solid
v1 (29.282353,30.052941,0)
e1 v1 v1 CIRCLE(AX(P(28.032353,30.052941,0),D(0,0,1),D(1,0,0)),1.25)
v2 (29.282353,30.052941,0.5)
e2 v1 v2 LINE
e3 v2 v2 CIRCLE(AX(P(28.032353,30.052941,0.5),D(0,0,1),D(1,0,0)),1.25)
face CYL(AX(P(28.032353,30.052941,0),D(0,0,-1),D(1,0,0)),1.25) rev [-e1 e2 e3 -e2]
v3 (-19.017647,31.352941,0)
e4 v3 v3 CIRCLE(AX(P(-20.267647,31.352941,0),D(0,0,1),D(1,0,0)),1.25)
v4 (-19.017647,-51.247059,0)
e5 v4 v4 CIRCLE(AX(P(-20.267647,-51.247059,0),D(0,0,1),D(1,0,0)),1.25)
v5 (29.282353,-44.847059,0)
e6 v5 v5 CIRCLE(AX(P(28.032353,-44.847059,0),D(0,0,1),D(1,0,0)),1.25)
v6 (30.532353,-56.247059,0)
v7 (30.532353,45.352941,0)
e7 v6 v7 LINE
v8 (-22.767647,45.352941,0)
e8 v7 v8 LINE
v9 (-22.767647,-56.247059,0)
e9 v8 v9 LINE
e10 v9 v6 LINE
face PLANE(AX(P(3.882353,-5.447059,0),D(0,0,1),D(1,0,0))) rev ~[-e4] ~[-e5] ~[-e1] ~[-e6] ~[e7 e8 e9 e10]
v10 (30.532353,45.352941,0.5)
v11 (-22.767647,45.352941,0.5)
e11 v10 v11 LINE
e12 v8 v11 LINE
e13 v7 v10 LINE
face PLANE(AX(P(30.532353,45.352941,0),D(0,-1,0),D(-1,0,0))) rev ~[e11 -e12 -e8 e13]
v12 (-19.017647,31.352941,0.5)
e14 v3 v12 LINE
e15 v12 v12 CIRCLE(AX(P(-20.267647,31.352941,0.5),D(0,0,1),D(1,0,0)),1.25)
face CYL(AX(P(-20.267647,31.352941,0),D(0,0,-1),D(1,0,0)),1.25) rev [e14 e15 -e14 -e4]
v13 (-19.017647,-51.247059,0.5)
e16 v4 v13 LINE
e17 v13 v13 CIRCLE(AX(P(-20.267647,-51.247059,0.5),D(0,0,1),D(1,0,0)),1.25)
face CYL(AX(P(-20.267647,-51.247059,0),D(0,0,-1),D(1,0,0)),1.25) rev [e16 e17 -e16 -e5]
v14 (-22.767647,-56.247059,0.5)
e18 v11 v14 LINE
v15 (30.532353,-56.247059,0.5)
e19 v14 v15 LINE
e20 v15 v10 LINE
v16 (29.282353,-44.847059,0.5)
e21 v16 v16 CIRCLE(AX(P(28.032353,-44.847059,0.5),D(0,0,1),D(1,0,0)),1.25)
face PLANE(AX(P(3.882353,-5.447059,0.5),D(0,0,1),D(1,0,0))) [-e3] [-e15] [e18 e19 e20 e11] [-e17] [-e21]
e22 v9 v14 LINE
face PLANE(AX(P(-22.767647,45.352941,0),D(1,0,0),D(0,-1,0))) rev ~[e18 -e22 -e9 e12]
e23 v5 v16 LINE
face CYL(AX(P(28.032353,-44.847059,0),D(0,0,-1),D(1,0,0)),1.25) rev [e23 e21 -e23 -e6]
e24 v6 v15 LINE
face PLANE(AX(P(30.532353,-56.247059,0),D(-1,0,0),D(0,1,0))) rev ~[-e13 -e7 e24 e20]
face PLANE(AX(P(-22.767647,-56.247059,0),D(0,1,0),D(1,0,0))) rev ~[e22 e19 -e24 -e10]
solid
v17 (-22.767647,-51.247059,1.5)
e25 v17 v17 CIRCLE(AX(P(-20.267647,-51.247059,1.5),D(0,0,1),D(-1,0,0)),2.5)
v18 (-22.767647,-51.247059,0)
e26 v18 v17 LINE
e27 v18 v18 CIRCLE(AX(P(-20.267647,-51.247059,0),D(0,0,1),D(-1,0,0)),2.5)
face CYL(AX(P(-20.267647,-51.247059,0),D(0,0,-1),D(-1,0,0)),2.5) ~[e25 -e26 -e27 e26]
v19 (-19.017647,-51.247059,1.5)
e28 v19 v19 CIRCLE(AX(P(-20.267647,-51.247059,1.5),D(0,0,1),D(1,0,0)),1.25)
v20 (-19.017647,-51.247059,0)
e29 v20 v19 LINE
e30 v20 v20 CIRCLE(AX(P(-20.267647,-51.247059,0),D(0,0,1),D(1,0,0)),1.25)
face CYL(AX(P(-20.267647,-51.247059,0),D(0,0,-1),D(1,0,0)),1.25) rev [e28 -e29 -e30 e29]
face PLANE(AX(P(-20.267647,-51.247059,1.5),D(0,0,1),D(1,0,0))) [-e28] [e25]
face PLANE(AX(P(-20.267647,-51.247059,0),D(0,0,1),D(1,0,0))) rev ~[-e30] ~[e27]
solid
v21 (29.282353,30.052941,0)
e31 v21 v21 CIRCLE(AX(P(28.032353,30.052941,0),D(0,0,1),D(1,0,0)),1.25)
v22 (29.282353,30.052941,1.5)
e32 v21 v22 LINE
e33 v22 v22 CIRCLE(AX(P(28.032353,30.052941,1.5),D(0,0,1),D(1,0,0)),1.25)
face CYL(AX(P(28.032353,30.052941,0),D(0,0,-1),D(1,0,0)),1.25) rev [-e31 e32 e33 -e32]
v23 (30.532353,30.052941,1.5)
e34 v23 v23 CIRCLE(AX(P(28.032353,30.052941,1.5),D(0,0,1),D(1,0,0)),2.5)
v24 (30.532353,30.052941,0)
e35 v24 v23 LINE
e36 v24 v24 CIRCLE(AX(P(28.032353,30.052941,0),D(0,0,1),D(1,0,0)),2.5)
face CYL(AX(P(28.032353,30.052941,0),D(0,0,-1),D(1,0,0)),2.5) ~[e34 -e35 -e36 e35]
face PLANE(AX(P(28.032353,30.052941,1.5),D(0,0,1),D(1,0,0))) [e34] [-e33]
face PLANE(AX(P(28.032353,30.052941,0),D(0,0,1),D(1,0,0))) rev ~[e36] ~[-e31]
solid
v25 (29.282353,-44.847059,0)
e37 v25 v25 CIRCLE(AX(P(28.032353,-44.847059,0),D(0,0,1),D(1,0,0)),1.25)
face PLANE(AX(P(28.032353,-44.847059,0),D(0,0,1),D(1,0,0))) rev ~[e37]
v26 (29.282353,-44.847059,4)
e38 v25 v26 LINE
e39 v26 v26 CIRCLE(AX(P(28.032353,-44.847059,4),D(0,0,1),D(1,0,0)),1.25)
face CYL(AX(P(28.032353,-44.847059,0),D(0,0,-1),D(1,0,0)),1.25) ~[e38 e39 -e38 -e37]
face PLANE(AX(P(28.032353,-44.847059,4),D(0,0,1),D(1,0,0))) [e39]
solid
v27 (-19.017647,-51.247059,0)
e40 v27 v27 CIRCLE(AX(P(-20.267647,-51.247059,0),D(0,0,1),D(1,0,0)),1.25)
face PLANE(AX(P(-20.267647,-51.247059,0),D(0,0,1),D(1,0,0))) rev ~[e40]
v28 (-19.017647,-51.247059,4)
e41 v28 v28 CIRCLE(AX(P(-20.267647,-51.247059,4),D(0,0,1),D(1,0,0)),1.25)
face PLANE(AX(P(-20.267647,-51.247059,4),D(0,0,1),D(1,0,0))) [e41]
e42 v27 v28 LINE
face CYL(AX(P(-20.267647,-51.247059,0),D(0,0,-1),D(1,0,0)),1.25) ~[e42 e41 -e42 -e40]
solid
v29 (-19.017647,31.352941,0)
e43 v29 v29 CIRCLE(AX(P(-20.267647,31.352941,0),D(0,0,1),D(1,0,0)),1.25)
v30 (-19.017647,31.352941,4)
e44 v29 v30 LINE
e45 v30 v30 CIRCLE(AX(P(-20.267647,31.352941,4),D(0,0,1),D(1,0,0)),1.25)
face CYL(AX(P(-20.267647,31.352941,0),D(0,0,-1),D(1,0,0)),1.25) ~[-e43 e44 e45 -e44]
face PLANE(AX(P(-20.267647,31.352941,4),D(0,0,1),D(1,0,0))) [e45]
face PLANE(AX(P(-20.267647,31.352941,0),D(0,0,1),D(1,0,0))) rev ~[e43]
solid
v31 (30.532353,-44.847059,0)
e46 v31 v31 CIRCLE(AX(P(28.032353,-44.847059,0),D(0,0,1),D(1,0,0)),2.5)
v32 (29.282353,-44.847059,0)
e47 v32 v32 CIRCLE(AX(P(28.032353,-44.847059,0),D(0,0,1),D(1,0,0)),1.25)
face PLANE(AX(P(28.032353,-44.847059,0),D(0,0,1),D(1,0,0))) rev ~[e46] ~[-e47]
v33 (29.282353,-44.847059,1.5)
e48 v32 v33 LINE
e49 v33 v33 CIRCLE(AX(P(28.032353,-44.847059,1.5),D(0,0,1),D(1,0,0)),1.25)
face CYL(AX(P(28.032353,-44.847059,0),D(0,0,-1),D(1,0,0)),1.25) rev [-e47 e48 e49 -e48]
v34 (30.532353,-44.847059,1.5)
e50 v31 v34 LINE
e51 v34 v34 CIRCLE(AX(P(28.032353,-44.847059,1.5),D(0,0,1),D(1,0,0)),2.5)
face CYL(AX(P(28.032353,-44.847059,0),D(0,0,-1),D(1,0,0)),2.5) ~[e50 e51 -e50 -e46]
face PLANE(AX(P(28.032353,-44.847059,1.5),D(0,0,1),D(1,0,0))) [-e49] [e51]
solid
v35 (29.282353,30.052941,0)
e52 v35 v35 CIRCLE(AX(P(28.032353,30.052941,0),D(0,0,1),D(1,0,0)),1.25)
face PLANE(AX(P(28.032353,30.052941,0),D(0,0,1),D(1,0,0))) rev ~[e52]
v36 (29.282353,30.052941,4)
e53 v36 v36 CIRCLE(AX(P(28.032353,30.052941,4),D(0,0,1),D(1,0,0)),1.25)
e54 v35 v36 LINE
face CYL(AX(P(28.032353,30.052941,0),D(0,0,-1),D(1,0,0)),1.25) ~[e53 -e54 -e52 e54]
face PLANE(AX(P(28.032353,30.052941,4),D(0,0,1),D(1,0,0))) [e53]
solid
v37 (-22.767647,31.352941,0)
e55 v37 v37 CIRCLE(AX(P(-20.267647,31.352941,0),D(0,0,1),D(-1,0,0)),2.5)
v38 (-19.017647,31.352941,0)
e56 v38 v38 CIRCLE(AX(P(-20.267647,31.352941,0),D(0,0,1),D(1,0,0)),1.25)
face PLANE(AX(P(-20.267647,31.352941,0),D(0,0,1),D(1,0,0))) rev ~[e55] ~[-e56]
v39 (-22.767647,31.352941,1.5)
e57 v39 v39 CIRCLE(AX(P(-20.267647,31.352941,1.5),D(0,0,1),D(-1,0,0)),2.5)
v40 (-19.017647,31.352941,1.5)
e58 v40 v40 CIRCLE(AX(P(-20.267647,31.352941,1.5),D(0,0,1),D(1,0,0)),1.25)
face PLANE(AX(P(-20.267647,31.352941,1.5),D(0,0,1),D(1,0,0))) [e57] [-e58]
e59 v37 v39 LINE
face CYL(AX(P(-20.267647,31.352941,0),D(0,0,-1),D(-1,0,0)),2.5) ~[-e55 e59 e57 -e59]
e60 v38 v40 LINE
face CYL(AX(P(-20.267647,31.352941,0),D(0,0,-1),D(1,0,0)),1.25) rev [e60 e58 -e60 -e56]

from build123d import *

# Parameters (mm, degrees)
F0_R     = 1.25
F1_DEPTH = 1.5
F0_R_2   = 2.5
F2_DEPTH = 0.5
F3_DEPTH = 4


with BuildPart() as f1:
    # F0 (on Top) → F1 (new body)
    with BuildSketch(Plane.XY):
        with BuildLine():
            ThreePointArc((-17.7676470588, 31.3529411765), (-20.2676470588, 33.8529411765), (-22.7676470588, 31.3529411765))
            ThreePointArc((-22.7676470588, 31.3529411765), (-20.2676470588, 28.8529411765), (-17.7676470588, 31.3529411765))
        make_face()
        with Locations((-20.2676470588, 31.3529411765)):
            Circle(F0_R, mode=Mode.SUBTRACT)
    extrude(amount=F1_DEPTH)


with BuildPart() as f1b:
    # F0 (on Top) → F1, piece 2 (new body)
    with BuildSketch(Plane.XY):
        with Locations((28.0323529412, 30.0529411765)):
            Circle(F0_R_2)
        with Locations((28.0323529412, 30.0529411765)):
            Circle(F0_R, mode=Mode.SUBTRACT)
    extrude(amount=F1_DEPTH)


with BuildPart() as f1c:
    # F0 (on Top) → F1, piece 3 (new body)
    with BuildSketch(Plane.XY):
        with BuildLine():
            ThreePointArc((-17.7676470588, -51.2470588235), (-20.2676470588, -48.7470588235), (-22.7676470588, -51.2470588235))
            ThreePointArc((-22.7676470588, -51.2470588235), (-20.2676470588, -53.7470588235), (-17.7676470588, -51.2470588235))
        make_face()
        with Locations((-20.2676470588, -51.2470588235)):
            Circle(F0_R, mode=Mode.SUBTRACT)
    extrude(amount=F1_DEPTH)


with BuildPart() as f1d:
    # F0 (on Top) → F1, piece 4 (new body)
    with BuildSketch(Plane.XY):
        with Locations((28.0323529412, -44.8470588235)):
            Circle(F0_R_2)
        with Locations((28.0323529412, -44.8470588235)):
            Circle(F0_R, mode=Mode.SUBTRACT)
    extrude(amount=F1_DEPTH)


with BuildPart() as f2:
    # F0 (on Top) → F2 (new body)
    with BuildSketch(Plane.XY):
        Polygon((30.5323529412, 45.3529411765), (-22.7676470588, 45.3529411765), (-22.7676470588, 31.3529411765), (-22.7676470588, -51.2470588235), (-22.7676470588, -56.2470588235), (30.5323529412, -56.2470588235), (30.5323529412, -44.8470588235), (30.5323529412, 30.0529411765), align=None)
        with BuildLine():
            ThreePointArc((-17.7676470588, -51.2470588235), (-20.2676470588, -53.7470588235), (-22.7676470588, -51.2470588235))
            ThreePointArc((-22.7676470588, -51.2470588235), (-20.2676470588, -48.7470588235), (-17.7676470588, -51.2470588235))
        make_face(mode=Mode.SUBTRACT)
        with Locations((28.0323529412, -44.8470588235)):
            Circle(F0_R_2, mode=Mode.SUBTRACT)
        with BuildLine():
            ThreePointArc((-17.7676470588, 31.3529411765), (-20.2676470588, 28.8529411765), (-22.7676470588, 31.3529411765))
            ThreePointArc((-22.7676470588, 31.3529411765), (-20.2676470588, 33.8529411765), (-17.7676470588, 31.3529411765))
        make_face(mode=Mode.SUBTRACT)
        with Locations((28.0323529412, 30.0529411765)):
            Circle(F0_R_2, mode=Mode.SUBTRACT)
        with BuildLine():
            ThreePointArc((-17.7676470588, 31.3529411765), (-20.2676470588, 33.8529411765), (-22.7676470588, 31.3529411765))
            ThreePointArc((-22.7676470588, 31.3529411765), (-20.2676470588, 28.8529411765), (-17.7676470588, 31.3529411765))
        make_face()
        with Locations((-20.2676470588, 31.3529411765)):
            Circle(F0_R, mode=Mode.SUBTRACT)
        with BuildLine():
            ThreePointArc((-17.7676470588, -51.2470588235), (-20.2676470588, -48.7470588235), (-22.7676470588, -51.2470588235))
            ThreePointArc((-22.7676470588, -51.2470588235), (-20.2676470588, -53.7470588235), (-17.7676470588, -51.2470588235))
        make_face()
        with Locations((-20.2676470588, -51.2470588235)):
            Circle(F0_R, mode=Mode.SUBTRACT)
        with Locations((28.0323529412, -44.8470588235)):
            Circle(F0_R_2)
        with Locations((28.0323529412, -44.8470588235)):
            Circle(F0_R, mode=Mode.SUBTRACT)
        with Locations((28.0323529412, 30.0529411765)):
            Circle(F0_R_2)
        with Locations((28.0323529412, 30.0529411765)):
            Circle(F0_R, mode=Mode.SUBTRACT)
    extrude(amount=F2_DEPTH)


with BuildPart() as f3:
    # F0 (on Top) → F3 (new body)
    with BuildSketch(Plane.XY):
        with Locations((-20.2676470588, 31.3529411765)):
            Circle(F0_R)
    extrude(amount=F3_DEPTH)


with BuildPart() as f3b:
    # F0 (on Top) → F3, piece 2 (new body)
    with BuildSketch(Plane.XY):
        with Locations((28.0323529412, 30.0529411765)):
            Circle(F0_R)
    extrude(amount=F3_DEPTH)


with BuildPart() as f3c:
    # F0 (on Top) → F3, piece 3 (new body)
    with BuildSketch(Plane.XY):
        with Locations((-20.2676470588, -51.2470588235)):
            Circle(F0_R)
    extrude(amount=F3_DEPTH)


with BuildPart() as f3d:
    # F0 (on Top) → F3, piece 4 (new body)
    with BuildSketch(Plane.XY):
        with Locations((28.0323529412, -44.8470588235)):
            Circle(F0_R)
    extrude(amount=F3_DEPTH)


solid = Compound([f1.part, f1b.part, f1c.part, f1d.part, f2.part, f3.part, f3b.part, f3c.part, f3d.part])
